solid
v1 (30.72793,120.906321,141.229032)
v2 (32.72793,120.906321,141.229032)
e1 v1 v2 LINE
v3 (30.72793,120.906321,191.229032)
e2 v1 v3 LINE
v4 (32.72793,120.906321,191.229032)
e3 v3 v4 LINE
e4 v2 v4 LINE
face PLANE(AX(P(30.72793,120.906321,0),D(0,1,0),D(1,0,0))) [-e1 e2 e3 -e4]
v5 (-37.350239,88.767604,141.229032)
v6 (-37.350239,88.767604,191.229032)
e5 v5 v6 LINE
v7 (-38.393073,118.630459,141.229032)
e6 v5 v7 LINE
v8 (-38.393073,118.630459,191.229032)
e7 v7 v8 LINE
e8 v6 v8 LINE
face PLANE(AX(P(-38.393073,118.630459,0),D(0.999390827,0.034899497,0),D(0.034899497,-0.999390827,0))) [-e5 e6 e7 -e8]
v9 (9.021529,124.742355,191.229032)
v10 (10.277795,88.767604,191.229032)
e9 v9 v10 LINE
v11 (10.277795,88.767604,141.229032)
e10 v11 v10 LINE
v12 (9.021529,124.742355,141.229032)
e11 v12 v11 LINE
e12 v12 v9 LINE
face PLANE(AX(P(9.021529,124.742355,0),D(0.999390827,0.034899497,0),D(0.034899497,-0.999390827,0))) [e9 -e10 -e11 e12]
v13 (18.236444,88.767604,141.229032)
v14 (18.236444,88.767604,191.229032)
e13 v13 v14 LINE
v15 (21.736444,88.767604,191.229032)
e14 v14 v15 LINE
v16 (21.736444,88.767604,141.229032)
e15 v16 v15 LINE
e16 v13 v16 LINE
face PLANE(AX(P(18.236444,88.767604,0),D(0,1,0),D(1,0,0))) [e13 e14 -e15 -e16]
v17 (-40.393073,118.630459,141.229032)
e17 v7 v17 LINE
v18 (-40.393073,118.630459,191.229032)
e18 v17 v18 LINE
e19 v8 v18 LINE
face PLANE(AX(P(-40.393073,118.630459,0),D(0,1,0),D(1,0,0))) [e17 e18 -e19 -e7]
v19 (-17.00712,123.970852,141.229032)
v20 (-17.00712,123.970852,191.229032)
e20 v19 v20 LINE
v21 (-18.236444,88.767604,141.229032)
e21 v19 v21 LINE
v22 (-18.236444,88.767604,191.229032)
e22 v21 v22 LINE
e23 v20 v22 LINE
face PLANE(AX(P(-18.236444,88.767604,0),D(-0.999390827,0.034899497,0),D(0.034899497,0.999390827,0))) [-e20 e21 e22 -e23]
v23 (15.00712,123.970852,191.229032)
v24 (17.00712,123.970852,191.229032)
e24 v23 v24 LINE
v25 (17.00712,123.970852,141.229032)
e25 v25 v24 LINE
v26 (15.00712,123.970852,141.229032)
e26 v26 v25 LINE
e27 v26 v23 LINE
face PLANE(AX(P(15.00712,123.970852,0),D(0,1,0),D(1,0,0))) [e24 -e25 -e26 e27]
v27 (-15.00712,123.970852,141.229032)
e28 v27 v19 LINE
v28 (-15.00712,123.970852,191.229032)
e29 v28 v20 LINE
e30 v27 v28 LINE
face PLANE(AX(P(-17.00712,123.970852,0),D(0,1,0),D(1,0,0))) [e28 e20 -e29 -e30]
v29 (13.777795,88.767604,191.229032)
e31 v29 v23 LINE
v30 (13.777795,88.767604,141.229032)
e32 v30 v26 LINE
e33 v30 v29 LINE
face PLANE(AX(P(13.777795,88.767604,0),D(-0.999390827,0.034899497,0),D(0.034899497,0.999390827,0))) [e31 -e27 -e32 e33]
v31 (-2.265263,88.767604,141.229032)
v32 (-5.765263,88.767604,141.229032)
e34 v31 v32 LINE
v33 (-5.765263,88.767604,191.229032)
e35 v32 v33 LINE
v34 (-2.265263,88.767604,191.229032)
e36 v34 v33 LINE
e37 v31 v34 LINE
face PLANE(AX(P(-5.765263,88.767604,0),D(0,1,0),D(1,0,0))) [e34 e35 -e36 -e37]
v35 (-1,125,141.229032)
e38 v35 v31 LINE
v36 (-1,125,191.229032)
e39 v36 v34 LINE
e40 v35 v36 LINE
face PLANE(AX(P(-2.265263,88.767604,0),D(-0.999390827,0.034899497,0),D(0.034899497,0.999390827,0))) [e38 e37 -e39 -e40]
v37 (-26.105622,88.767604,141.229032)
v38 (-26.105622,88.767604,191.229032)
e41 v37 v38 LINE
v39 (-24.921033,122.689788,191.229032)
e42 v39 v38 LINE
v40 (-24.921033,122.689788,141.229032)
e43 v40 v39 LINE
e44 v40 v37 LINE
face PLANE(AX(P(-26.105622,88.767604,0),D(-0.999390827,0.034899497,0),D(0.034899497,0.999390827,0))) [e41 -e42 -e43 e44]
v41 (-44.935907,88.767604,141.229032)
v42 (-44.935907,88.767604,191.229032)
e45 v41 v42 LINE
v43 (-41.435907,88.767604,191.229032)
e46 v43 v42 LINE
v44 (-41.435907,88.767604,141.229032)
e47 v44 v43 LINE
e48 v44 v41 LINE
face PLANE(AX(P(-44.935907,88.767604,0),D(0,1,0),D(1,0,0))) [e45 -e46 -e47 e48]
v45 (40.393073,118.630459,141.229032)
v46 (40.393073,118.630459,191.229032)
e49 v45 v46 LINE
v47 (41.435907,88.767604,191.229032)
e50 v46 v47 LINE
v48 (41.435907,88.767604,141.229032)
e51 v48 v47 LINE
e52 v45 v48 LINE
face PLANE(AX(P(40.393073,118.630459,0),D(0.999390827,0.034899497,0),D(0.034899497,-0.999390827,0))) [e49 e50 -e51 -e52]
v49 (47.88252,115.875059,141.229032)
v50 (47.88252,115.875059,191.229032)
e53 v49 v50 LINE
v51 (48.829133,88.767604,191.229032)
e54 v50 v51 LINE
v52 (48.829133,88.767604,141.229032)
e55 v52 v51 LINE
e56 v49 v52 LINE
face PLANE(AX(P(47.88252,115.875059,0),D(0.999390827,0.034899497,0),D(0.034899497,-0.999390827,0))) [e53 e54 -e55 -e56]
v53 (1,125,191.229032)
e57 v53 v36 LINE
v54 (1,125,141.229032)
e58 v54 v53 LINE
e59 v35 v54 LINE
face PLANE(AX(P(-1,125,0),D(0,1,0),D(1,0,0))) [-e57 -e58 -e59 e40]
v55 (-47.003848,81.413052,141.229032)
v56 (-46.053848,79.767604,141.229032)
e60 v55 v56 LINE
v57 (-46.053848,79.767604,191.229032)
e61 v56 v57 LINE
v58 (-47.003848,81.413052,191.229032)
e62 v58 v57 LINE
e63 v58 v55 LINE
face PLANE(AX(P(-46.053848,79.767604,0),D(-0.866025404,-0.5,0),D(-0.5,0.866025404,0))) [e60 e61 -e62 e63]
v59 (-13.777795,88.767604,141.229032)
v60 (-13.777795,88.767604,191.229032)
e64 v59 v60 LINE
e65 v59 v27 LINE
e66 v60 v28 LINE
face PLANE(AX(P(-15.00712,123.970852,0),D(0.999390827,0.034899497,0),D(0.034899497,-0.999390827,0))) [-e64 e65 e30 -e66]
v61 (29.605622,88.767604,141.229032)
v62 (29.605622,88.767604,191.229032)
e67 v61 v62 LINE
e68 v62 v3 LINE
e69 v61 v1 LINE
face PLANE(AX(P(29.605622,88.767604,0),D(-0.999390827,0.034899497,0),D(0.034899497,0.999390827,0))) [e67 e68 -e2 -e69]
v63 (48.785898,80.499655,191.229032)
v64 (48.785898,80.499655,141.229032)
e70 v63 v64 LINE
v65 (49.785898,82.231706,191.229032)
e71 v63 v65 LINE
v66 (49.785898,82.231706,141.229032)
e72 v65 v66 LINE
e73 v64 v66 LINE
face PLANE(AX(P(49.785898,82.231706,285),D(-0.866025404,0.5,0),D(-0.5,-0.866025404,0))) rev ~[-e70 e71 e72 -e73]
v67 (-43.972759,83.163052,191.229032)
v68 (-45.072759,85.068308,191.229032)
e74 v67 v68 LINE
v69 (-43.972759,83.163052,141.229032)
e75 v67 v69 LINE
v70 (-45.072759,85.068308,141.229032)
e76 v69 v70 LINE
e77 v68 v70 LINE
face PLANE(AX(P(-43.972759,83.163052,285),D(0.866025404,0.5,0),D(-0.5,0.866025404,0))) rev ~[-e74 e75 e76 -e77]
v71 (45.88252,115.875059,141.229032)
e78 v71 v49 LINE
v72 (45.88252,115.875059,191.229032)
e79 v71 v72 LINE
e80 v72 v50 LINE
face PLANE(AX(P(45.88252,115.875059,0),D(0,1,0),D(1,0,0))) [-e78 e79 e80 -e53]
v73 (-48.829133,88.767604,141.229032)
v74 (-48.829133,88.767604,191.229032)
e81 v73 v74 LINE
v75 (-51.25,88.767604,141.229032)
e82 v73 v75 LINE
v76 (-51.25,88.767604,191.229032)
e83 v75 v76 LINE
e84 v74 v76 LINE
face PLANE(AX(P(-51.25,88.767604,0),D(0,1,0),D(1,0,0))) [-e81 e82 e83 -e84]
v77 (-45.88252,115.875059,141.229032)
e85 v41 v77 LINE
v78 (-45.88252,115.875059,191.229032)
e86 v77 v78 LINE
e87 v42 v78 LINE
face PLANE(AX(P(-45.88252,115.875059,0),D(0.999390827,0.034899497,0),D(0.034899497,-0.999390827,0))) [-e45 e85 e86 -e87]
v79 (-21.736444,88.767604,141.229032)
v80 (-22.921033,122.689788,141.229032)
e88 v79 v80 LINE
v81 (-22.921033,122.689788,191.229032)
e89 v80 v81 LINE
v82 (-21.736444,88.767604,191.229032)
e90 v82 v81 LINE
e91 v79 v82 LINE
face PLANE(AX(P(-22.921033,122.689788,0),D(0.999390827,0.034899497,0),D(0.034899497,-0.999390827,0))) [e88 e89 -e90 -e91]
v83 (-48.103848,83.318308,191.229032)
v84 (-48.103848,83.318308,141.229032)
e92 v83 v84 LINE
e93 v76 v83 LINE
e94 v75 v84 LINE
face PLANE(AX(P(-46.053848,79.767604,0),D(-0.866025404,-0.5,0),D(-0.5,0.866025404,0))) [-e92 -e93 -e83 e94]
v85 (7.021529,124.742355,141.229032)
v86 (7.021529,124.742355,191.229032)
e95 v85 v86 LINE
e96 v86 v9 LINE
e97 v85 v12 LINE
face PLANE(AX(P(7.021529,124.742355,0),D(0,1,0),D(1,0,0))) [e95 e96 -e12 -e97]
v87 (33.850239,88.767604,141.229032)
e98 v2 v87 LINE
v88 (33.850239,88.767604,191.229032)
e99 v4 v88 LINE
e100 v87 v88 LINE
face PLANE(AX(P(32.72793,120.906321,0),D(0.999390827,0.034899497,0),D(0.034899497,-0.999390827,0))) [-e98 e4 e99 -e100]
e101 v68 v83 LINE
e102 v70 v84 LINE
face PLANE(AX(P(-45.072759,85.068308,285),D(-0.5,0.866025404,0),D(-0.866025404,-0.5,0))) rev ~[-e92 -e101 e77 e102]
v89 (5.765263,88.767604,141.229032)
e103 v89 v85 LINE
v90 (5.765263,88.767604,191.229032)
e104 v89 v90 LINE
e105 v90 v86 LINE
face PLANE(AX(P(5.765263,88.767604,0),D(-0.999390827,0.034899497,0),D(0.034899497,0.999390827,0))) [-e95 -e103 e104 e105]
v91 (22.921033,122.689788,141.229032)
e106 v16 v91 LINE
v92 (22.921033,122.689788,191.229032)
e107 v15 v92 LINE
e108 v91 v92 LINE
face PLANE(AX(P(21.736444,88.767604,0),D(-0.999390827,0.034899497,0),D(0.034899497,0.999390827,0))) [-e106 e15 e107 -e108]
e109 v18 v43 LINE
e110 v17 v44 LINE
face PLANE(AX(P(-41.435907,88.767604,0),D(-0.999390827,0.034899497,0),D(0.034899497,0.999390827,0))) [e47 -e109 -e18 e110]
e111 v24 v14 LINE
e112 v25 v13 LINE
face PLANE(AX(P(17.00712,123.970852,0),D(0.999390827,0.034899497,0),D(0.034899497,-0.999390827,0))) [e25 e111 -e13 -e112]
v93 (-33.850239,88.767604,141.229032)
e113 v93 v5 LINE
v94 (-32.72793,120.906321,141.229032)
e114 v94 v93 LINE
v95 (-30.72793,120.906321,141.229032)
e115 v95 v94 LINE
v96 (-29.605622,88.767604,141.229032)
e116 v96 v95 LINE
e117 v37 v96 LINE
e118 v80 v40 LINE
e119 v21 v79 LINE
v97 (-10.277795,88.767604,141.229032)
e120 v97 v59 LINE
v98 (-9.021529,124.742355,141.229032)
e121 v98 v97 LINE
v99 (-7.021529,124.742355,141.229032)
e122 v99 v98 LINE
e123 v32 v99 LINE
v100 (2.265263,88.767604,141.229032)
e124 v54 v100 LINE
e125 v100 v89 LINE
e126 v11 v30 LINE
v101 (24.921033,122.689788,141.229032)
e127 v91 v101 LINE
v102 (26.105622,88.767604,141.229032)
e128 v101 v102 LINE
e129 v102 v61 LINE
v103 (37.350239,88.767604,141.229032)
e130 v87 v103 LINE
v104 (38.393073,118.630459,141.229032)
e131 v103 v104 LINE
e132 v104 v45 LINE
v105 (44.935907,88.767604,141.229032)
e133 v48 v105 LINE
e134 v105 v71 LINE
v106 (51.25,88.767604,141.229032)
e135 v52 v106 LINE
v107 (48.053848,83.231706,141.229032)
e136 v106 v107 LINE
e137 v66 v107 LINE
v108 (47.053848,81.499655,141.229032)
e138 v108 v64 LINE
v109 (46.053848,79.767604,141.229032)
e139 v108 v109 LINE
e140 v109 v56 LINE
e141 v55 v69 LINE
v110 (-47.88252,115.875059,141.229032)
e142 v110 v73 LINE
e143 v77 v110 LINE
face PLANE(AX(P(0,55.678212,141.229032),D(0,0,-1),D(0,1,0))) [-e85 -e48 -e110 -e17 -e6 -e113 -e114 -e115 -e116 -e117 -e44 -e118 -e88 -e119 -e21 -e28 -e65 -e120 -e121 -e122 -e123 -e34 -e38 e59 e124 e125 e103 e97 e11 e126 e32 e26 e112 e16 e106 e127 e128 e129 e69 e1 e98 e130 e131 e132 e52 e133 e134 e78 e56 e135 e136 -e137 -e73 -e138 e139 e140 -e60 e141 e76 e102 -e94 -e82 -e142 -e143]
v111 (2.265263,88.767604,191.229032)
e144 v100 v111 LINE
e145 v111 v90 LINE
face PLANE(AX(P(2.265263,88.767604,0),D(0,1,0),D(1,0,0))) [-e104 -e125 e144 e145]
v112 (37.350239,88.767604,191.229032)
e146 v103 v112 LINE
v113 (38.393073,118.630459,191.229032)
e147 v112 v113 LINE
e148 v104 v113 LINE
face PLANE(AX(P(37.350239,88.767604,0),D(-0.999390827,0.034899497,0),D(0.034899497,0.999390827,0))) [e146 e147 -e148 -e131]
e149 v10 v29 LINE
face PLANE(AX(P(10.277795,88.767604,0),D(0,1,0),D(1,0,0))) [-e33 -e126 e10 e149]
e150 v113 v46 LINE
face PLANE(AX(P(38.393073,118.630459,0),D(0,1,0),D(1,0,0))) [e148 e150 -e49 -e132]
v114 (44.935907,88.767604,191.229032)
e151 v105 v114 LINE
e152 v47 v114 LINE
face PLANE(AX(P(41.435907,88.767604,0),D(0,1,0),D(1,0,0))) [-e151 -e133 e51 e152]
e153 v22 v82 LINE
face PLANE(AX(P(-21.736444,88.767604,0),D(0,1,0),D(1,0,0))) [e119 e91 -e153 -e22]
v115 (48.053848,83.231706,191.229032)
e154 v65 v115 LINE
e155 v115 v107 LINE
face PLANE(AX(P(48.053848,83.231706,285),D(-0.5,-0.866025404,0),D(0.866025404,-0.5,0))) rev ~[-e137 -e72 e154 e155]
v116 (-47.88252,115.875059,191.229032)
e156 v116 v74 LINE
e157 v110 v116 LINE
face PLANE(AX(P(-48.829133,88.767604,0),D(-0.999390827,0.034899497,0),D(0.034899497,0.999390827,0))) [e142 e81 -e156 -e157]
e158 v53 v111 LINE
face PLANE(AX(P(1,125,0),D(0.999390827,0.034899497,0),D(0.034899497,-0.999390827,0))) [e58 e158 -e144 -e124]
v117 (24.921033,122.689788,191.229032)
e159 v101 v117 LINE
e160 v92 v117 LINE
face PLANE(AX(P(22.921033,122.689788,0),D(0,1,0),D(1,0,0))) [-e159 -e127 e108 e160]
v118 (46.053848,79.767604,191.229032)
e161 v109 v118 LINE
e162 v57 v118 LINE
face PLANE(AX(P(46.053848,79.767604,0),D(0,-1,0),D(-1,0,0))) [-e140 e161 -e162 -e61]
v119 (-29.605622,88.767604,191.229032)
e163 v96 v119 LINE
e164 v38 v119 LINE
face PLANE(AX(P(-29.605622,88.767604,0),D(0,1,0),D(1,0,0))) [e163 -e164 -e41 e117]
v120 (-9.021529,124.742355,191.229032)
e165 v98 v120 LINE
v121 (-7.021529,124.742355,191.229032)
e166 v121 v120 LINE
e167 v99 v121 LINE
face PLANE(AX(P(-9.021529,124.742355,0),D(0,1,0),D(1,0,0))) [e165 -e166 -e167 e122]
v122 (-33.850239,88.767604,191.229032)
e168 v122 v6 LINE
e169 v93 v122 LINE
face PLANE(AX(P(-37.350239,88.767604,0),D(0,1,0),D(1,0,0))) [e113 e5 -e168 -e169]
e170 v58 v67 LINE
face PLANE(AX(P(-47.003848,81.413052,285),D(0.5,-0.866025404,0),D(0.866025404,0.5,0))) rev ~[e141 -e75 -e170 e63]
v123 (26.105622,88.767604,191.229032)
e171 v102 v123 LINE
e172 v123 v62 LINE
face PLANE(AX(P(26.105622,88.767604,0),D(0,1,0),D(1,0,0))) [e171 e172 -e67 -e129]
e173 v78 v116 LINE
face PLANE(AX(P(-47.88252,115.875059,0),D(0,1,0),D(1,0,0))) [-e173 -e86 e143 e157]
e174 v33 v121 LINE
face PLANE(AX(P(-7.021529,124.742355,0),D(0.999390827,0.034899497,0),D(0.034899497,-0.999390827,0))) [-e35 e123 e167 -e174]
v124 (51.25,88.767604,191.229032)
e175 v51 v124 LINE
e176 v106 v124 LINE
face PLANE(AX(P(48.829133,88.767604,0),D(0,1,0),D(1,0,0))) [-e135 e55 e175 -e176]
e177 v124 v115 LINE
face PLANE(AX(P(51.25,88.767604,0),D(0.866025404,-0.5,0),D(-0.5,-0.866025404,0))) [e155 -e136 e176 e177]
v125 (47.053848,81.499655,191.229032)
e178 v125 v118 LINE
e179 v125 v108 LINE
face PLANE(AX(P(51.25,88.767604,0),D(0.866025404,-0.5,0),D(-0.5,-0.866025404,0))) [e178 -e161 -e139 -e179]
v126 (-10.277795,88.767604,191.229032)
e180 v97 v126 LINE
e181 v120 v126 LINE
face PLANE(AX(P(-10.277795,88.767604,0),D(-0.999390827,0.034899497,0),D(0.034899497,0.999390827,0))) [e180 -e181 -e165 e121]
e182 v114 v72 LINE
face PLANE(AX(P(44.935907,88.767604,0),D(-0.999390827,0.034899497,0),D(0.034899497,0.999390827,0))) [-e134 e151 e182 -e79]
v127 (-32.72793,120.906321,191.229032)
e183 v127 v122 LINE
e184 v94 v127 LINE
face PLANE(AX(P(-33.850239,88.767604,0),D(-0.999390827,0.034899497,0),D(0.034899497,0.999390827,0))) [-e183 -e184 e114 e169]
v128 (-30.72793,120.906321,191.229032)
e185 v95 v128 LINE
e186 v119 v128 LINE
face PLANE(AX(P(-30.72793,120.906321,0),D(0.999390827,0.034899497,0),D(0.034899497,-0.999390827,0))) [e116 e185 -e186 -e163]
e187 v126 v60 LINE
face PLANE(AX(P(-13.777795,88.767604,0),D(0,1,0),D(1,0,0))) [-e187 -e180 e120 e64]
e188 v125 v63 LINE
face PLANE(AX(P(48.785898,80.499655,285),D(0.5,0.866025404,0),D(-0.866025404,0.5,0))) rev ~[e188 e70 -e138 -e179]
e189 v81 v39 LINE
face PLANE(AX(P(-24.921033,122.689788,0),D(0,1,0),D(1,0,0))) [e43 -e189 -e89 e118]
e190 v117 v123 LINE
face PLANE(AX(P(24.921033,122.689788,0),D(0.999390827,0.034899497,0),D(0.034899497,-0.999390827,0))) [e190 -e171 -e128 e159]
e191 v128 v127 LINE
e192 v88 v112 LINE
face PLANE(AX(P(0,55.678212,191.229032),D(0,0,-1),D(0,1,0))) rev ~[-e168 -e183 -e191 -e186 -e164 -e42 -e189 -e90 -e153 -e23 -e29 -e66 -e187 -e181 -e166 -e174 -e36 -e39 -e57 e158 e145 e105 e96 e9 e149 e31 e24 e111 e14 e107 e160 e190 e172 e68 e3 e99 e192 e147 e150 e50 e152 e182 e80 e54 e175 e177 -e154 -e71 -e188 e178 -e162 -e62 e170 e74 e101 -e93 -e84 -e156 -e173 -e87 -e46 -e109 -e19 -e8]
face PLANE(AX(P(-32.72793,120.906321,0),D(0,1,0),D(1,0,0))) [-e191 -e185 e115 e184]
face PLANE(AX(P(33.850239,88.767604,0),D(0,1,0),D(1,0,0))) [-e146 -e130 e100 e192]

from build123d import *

# Parameters (mm, degrees)
RESSALTO_EXTRUS_O1_DEPTH    = 285
CORTE_EXTRUS_O1_DEPTH       = 286
RESSALTO_EXTRUS_O3_DEPTH    = 285
ESBO_O13_W                  = 1.5
ESBO_O13_H                  = 2
CORTE_EXTRUS_O7_DEPTH       = 52.25
CORTE_EXTRUS_O7_DEPTH_BACK  = 52.25
RESSALTO_EXTRUS_O5_DEPTH    = 10
ESBO_O5_R                   = 1.25
CORTE_EXTRUS_O3_DEPTH       = 10
ESBO_O6_W                   = 10
ESBO_O6_H                   = 6.190700041
RESSALTO_EXTRUS_O4_DEPTH    = 11
ESBO_O7_R                   = 2.25
CORTE_EXTRUS_O4_DEPTH       = 12
ESBO_O9_R                   = 1.65
CORTE_EXTRUS_O5_DEPTH       = 10
RESSALTO_EXTRUS_O6_DEPTH    = 15
ESBO_O12_R                  = 2.5
CORTE_EXTRUS_O8_DEPTH       = 20
CORTE_EXTRUS_O9_START       = -11
ESBO_O14_R                  = 6
CORTE_EXTRUS_O9_DEPTH       = 100
PADR_O_LINEAR1_COUNT        = 2
PADR_O_LINEAR1_PITCH        = 230
ESBO_O16_W                  = 118.931950447
ESBO_O16_H                  = 98.407051197
ESBO_O16_W_2                = 168.047643727
ESBO_O16_H_2                = 92.783791129
CORTE_EXTRUS_O11_DEPTH      = 55.553847577
CORTE_EXTRUS_O11_DEPTH_BACK = 55.603847577


with BuildPart() as part:
    # Esboço1 → Ressalto-extrusão1 (new body)
    with BuildSketch(Plane.XY):
        Polygon((-46.053847577, 79.767603888), (-51.25, 88.767603888), (-48.82913331, 88.767603888), (-47.882520117, 115.87505904), (-45.882520117, 115.87505904), (-44.935906924, 88.767603888), (-41.435906924, 88.767603888), (-40.393073045, 118.630458973), (-38.393073045, 118.630458973), (-37.350239166, 88.767603888), (-33.850239166, 88.767603888), (-32.727930438, 120.906320886), (-30.727930438, 120.906320886), (-29.60562171, 88.767603888), (-26.10562171, 88.767603888), (-24.921032923, 122.689788425), (-22.921032923, 122.689788425), (-21.736444137, 88.767603888), (-18.236444137, 88.767603888), (-17.007119627, 123.970851902), (-15.007119627, 123.970851902), (-13.777795118, 88.767603888), (-10.277795118, 88.767603888), (-9.021529135, 124.742354757), (-7.021529135, 124.742354757), (-5.765263153, 88.767603888), (-2.265263153, 88.767603888), (-1, 125), (1, 125), (2.265263153, 88.767603888), (5.765263153, 88.767603888), (7.021529135, 124.742354757), (9.021529135, 124.742354757), (10.277795118, 88.767603888), (13.777795118, 88.767603888), (15.007119627, 123.970851902), (17.007119627, 123.970851902), (18.236444137, 88.767603888), (21.736444137, 88.767603888), (22.921032923, 122.689788425), (24.921032923, 122.689788425), (26.10562171, 88.767603888), (29.60562171, 88.767603888), (30.727930438, 120.906320886), (32.727930438, 120.906320886), (33.850239166, 88.767603888), (37.350239166, 88.767603888), (38.393073045, 118.630458973), (40.393073045, 118.630458973), (41.435906924, 88.767603888), (44.935906924, 88.767603888), (45.882520117, 115.87505904), (47.882520117, 115.87505904), (48.82913331, 88.767603888), (51.25, 88.767603888), (46.053847577, 79.767603888), align=None)
    extrude(amount=RESSALTO_EXTRUS_O1_DEPTH)

    # Esboço2 → Corte-extrusão1 (cut, through all)
    with BuildSketch(Plane.XY.offset(285)):
        Polygon((-47.003847577, 81.413052155), (-43.972758664, 83.163052155), (-45.072758664, 85.068308043), (-48.103847577, 83.318308043), align=None)
    extrude(amount=-CORTE_EXTRUS_O1_DEPTH, mode=Mode.SUBTRACT)


with BuildPart() as body_2:
    # Esboço3 → Ressalto-extrusão3 (new body)
    with BuildSketch(Plane.XY.offset(285)):
        Polygon((47.053847577, 81.499654695), (48.053847577, 83.231705503), (49.785898385, 82.231705503), (48.785898385, 80.499654695), align=None)
    extrude(amount=-RESSALTO_EXTRUS_O3_DEPTH)


with BuildPart() as corte_extrus_o7_tool:
    # Esboço13 → Corte-extrusão7 (new body, two sides)
    with BuildSketch(Plane(origin=(0, 0, 0), x_dir=(0, 0, -1), z_dir=(1, 0, 0))) as corte_extrus_o7_sk:
        with Locations((-284.25, 82.767603888)):
            Rectangle(ESBO_O13_W, ESBO_O13_H)
    extrude(amount=CORTE_EXTRUS_O7_DEPTH)
    extrude(corte_extrus_o7_sk.sketch, amount=-CORTE_EXTRUS_O7_DEPTH_BACK)


with BuildPart() as part_1:
    add(part.part)

    # Corte-extrusão7: cut by corte_extrus_o7_tool
    add(corte_extrus_o7_tool.part, mode=Mode.SUBTRACT)



with BuildPart() as body_2_1:
    add(body_2.part)

    # Corte-extrusão7: cut by corte_extrus_o7_tool
    add(corte_extrus_o7_tool.part, mode=Mode.SUBTRACT)


with BuildPart() as part_2:
    add(part_1.part)

    add(body_2_1.part)  # Ressalto-extrusão5 merges body 2
    # Esboço8 → Ressalto-extrusão5 (add)
    with BuildSketch(Plane(origin=(0, 0, 0), x_dir=(0, 0, -1), z_dir=(0.866025404, -0.5, 0))):
        with BuildLine():
            Line((-280, 104.107695155), (-280, 96.107695155))
            Line((-280, 96.107695155), (-270, 96.107695155))
            Line((-270, 96.107695155), (-270, 104.107695155))
            ThreePointArc((-270, 104.107695155), (-275, 109.107695155), (-280, 104.107695155))
        make_face()
    ressalto_extrus_o5 = extrude(amount=-RESSALTO_EXTRUS_O5_DEPTH)

    # Esboço5 → Corte-extrusão3 (cut)
    with BuildSketch(Plane.XY.offset(285)):
        with Locations((-30, 85.267603888)):
            Circle(ESBO_O5_R)
        with Locations((30, 85.267603888)):
            Circle(ESBO_O5_R)
    extrude(amount=-CORTE_EXTRUS_O3_DEPTH, mode=Mode.SUBTRACT)

    # Esboço6 → Ressalto-extrusão4 (add)
    with BuildSketch(Plane(origin=(0, 0, 0), x_dir=(0, 0, 1), z_dir=(-0.866025404, -0.5, 0))):
        with BuildLine():
            Line((280, 102.5), (280, 104.207693629))
            ThreePointArc((280, 104.207693629), (275, 109.207695155), (270, 104.207693629))
            Line((270, 104.207693629), (270, 102.5))
            Line((270, 102.5), (280, 102.5))
        make_face()
        with Locations((275, 99.404649979)):
            Rectangle(ESBO_O6_W, ESBO_O6_H)
    ressalto_extrus_o4 = extrude(amount=-RESSALTO_EXTRUS_O4_DEPTH)

    # Esboço7 → Corte-extrusão4 (cut)
    with BuildSketch(Plane(origin=(0, 0, 0), x_dir=(0, 0, 1), z_dir=(-0.866025404, -0.5, 0))):
        with Locations((275, 104.207695155)):
            Circle(ESBO_O7_R)
    corte_extrus_o4 = extrude(amount=-CORTE_EXTRUS_O4_DEPTH, mode=Mode.SUBTRACT)

    # Esboço9 → Corte-extrusão5 (cut)
    with BuildSketch(Plane(origin=(0, 0, 0), x_dir=(0, 0, -1), z_dir=(0.866025404, -0.5, 0))):
        with Locations((-275, 104.107695155)):
            Circle(ESBO_O9_R)
    corte_extrus_o5 = extrude(amount=-CORTE_EXTRUS_O5_DEPTH, mode=Mode.SUBTRACT)

    # Esboço10 → Ressalto-extrusão6 (add)
    with BuildSketch(Plane(origin=(0, 0, 0), x_dir=(-1, 0, 0), z_dir=(0, 0, -1))):
        Polygon((5.765263153, 88.767603888), (6.680885729, 114.987603888), (1.349640577, 114.987603888), (2.265263153, 88.767603888), align=None)
        Polygon((-2.265263153, 88.767603888), (-1.349640577, 114.987603888), (-6.680885729, 114.987603888), (-5.765263153, 88.767603888), align=None)
    extrude(amount=-RESSALTO_EXTRUS_O6_DEPTH)

    # Esboço12 → Corte-extrusão8 (cut)
    with BuildSketch(Plane(origin=(0, 0, 0), x_dir=(-1, 0, 0), z_dir=(0, 0, -1))):
        with Locations((0, 104.999999962)):
            Circle(ESBO_O12_R)
    extrude(amount=-CORTE_EXTRUS_O8_DEPTH, mode=Mode.SUBTRACT)

    # Esboço14 → Corte-extrusão9 (cut)
    with BuildSketch(Plane(origin=(0, 0, 0), x_dir=(0, 0, 1), z_dir=(-0.866025404, -0.5, 0)).offset(CORTE_EXTRUS_O9_START)):
        with Locations((275, 104.207695155)):
            Circle(ESBO_O14_R)
    corte_extrus_o9 = extrude(amount=-CORTE_EXTRUS_O9_DEPTH, mode=Mode.SUBTRACT)

    # Padrão linear1: Ressalto-extrusão5, Ressalto-extrusão4, Corte-extrusão4, Corte-extrusão5, Corte-extrusão9 ×2
    with Locations(*[(0, 0, -i * PADR_O_LINEAR1_PITCH) for i in range(1, PADR_O_LINEAR1_COUNT)]):
        add(ressalto_extrus_o5)
        add(ressalto_extrus_o4)
        add(corte_extrus_o4, mode=Mode.SUBTRACT)
        add(corte_extrus_o5, mode=Mode.SUBTRACT)
        add(corte_extrus_o9, mode=Mode.SUBTRACT)

    # Esboço16 → Corte-extrusão11 (cut, two sides)
    with BuildSketch(Plane(origin=(0, 0, 0), x_dir=(0, 0, -1), z_dir=(1, 0, 0))) as corte_extrus_o11_sk:
        with Locations((-250.695007134, 104.881737693)):
            Rectangle(ESBO_O16_W, ESBO_O16_H)
        with Locations((-57.205210046, 102.070107659)):
            Rectangle(ESBO_O16_W_2, ESBO_O16_H_2)
    extrude(amount=CORTE_EXTRUS_O11_DEPTH, mode=Mode.SUBTRACT)
    extrude(corte_extrus_o11_sk.sketch, amount=-CORTE_EXTRUS_O11_DEPTH_BACK, mode=Mode.SUBTRACT)


solid = part_2.part
